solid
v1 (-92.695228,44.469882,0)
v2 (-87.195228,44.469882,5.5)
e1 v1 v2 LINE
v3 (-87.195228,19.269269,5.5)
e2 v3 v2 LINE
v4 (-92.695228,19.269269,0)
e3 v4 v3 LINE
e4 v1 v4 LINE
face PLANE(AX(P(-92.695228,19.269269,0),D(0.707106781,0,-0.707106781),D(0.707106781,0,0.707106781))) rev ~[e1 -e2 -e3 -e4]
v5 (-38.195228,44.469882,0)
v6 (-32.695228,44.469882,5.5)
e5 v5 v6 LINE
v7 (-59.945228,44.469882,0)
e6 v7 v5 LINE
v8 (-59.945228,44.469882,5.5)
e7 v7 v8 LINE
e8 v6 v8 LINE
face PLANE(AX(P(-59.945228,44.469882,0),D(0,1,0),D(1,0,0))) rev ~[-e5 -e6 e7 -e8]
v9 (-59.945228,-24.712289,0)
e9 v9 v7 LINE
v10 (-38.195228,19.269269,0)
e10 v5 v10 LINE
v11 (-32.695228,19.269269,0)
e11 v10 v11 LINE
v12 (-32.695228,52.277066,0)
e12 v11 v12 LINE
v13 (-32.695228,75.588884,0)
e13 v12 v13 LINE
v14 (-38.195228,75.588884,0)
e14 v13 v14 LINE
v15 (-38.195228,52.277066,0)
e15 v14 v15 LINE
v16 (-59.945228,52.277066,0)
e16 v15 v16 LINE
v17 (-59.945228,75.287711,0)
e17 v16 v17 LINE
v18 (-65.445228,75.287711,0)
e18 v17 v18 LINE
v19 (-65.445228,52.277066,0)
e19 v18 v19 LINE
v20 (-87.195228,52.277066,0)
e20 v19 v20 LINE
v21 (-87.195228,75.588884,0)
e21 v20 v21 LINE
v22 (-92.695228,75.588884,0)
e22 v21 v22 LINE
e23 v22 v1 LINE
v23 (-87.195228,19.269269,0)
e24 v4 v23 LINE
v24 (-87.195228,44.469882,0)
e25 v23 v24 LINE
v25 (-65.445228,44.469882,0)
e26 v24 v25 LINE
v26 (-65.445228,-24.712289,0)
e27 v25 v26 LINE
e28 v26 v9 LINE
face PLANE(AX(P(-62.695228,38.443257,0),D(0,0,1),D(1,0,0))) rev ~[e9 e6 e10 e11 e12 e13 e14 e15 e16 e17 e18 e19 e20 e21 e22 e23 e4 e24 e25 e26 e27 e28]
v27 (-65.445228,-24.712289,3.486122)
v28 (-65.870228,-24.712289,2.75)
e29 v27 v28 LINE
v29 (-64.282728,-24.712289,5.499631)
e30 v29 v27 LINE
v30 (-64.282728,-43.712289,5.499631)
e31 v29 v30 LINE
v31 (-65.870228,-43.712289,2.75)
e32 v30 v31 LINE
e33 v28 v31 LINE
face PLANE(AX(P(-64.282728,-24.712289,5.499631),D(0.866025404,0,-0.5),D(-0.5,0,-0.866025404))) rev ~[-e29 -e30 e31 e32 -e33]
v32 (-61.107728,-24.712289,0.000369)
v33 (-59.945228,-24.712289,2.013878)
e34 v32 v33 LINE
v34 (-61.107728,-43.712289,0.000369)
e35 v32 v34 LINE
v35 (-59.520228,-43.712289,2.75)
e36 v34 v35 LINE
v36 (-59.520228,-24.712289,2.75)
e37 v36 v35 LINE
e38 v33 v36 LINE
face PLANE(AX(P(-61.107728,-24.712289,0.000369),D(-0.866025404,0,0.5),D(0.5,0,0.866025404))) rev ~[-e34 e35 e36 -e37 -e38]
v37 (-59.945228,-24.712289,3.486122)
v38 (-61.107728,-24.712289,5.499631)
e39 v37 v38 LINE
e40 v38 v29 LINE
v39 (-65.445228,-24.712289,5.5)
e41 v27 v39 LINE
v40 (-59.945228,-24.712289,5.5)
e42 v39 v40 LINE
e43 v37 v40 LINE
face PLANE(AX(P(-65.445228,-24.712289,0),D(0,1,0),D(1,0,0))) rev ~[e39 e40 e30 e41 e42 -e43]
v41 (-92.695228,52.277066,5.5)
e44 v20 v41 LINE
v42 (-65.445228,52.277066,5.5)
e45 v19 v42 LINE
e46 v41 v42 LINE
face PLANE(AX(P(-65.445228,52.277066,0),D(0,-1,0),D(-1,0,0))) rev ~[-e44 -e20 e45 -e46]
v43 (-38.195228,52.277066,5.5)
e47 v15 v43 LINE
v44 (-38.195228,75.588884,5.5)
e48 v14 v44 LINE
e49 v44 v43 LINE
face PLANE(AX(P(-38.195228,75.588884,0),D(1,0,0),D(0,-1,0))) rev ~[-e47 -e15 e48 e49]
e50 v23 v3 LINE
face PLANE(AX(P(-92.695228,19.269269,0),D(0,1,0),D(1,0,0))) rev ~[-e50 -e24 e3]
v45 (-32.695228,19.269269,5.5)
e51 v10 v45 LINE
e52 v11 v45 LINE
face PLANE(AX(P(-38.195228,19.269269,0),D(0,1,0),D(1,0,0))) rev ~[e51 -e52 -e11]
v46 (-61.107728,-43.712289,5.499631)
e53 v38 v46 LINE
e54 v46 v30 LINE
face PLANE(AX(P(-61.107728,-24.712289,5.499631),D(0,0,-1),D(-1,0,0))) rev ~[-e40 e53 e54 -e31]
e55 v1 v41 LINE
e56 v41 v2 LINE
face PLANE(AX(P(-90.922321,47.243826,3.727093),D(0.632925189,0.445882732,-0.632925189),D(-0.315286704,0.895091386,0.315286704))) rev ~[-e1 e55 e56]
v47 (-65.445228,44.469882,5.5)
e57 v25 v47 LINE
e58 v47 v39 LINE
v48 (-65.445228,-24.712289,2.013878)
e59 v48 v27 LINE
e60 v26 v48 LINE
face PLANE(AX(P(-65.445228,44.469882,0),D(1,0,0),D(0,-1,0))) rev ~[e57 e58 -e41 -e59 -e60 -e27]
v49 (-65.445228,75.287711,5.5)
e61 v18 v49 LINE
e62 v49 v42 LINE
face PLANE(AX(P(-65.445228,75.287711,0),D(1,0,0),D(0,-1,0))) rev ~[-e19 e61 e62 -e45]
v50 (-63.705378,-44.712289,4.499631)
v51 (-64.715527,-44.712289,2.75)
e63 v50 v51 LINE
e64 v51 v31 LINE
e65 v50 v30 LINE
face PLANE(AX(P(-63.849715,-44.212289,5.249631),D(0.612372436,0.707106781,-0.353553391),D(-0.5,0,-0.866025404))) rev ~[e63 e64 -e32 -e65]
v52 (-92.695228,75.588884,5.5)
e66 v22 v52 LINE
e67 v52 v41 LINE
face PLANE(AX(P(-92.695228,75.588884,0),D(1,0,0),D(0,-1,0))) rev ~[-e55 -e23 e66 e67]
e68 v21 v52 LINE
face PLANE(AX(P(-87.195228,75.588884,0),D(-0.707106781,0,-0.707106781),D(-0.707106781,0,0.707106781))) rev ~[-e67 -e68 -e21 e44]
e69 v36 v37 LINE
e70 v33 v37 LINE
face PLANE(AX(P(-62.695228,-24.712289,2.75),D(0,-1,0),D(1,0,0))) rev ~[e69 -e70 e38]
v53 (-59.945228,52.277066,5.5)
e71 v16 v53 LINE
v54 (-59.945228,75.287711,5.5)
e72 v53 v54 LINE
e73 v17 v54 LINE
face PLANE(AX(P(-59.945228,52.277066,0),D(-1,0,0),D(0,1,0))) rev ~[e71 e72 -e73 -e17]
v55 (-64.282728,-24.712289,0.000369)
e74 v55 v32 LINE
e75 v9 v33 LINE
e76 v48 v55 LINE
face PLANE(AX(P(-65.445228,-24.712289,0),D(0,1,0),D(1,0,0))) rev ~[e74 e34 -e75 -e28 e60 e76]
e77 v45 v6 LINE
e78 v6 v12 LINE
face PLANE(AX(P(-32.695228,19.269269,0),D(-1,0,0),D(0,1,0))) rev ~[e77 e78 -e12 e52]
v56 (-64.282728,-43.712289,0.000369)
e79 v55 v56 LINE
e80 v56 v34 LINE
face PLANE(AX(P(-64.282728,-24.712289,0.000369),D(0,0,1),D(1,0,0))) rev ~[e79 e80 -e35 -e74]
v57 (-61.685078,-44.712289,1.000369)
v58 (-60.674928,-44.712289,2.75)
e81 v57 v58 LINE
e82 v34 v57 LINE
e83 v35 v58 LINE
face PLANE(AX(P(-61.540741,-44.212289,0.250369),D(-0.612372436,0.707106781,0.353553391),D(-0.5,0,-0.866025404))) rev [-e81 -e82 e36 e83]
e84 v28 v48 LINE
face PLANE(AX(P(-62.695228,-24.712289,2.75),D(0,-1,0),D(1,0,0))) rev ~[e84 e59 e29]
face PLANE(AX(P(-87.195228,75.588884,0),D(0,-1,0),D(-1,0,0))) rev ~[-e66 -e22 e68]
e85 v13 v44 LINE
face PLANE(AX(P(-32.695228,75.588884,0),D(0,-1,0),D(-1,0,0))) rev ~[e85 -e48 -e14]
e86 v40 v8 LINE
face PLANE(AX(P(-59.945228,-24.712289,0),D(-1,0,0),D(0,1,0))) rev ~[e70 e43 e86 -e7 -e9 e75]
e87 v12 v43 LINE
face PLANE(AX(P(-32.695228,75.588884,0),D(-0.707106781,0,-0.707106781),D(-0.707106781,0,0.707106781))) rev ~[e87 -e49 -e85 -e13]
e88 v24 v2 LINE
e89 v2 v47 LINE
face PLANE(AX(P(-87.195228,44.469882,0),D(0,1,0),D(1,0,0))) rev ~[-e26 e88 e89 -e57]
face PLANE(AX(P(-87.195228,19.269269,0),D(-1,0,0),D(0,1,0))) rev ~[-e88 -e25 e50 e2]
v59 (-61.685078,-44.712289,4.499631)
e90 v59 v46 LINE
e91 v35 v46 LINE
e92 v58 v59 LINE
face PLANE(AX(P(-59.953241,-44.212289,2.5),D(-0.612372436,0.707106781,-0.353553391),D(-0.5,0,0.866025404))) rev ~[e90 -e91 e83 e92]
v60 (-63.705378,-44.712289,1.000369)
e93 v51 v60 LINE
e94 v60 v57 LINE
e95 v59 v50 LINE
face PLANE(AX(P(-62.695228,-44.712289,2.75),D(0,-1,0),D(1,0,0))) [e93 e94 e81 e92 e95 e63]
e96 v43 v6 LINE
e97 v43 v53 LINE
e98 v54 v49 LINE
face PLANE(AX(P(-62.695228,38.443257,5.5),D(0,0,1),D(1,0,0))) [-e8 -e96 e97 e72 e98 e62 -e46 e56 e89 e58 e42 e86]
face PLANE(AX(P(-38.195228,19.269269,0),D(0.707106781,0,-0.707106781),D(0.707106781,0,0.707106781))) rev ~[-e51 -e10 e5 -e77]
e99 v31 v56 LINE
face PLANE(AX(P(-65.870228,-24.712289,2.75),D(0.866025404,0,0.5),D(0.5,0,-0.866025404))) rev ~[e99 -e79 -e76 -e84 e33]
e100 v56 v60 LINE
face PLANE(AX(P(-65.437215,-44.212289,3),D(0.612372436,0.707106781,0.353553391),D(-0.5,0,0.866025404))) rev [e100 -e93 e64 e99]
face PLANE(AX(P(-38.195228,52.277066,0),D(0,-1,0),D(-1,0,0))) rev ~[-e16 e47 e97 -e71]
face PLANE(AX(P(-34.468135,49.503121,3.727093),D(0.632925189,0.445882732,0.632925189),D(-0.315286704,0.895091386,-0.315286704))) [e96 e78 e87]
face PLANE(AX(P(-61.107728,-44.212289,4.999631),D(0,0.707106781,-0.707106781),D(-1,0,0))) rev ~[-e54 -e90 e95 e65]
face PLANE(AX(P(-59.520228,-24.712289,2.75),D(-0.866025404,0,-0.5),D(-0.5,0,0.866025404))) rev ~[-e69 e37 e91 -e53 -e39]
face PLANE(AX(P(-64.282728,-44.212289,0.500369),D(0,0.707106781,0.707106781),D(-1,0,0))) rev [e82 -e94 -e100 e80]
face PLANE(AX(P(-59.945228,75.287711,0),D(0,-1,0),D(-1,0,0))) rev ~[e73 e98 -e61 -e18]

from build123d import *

# Parameters (mm, degrees)
F2_DEPTH  = 5.5
F4_DEPTH  = 20
F5_SIZE   = 1
F7_DEPTH  = 25.2006128335
F9_DEPTH  = 23.3118180281
F12_DEPTH = 3.481088538
F15_DEPTH = 3.4810885381


with BuildPart() as f2:
    # F1 (on Top) → F2 (new body)
    with BuildSketch(Plane.XY):
        Polygon((-59.9452278197, 75.287711217), (-65.4452278197, 75.287711217), (-65.4452278197, 52.2770658135), (-87.1952278197, 52.2770658135), (-87.1952278197, 75.5888838416), (-92.6952278197, 75.5888838416), (-92.6952278197, 19.2692689693), (-87.1952278197, 19.2692689693), (-87.1952278197, 44.4698818028), (-65.4452278197, 44.4698818028), (-65.4452278197, -24.712288783), (-59.9452278197, -24.712288783), (-59.9452278197, 44.4698818028), (-38.1952278197, 44.4698818028), (-38.1952278197, 19.2692689693), (-32.6952278197, 19.2692689693), (-32.6952278197, 75.5888838416), (-38.1952278197, 75.5888838416), (-38.1952278197, 52.2770658135), (-59.9452278197, 52.2770658135), align=None)
    extrude(amount=F2_DEPTH)

    # F3 (on face) → F4 (join)
    with BuildSketch(Plane.XZ.offset(24.712288783)):
        Polygon((-64.2827278197, 0.000369343), (-61.1077278197, 0.000369343), (-59.5202278197, 2.75), (-61.1077278197, 5.499630657), (-64.2827278197, 5.499630657), (-65.8702278197, 2.75), align=None)
    extrude(amount=F4_DEPTH)

    # F5
    f5_edges = [f2.edges().sort_by_distance(p)[0] for p in [
        (-62.695228, -44.712289, 0.000369),
        (-60.313978, -44.712289, 1.375185),
        (-60.313978, -44.712289, 4.124815),
        (-62.695228, -44.712289, 5.499631),
        (-65.076478, -44.712289, 4.124815),
        (-65.076478, -44.712289, 1.375185),
    ]]
    chamfer(f5_edges, length=F5_SIZE)

    # F6 (on face) → F7 (cut, through all)
    with BuildSketch(Plane.XZ.offset(-19.2692689693)):
        Polygon((-38.1952278197, 5.5), (-38.1952278197, 0), (-32.6952278197, 5.5), align=None)
        Polygon((-92.6952278197, 5.5), (-92.6952278197, 0), (-87.1952278197, 5.5), align=None)
    extrude(amount=-F7_DEPTH, mode=Mode.SUBTRACT)

    # F8 (on face) → F9 (cut, through all)
    with BuildSketch(Plane(origin=(0, 75.5888838416, 0), x_dir=(-1, 0, 0), z_dir=(0, 1, 0))):
        Polygon((32.6952278197, 0), (38.1952278197, 5.5), (32.6952278197, 5.5), align=None)
        Polygon((87.1952278197, 0), (92.6952278197, 5.5), (87.1952278197, 5.5), align=None)
    extrude(amount=-F9_DEPTH, mode=Mode.SUBTRACT)

    # F11 (on 3pt) → F12 (cut, through all)
    with BuildSketch(Plane(origin=(1.6556105831, 1.166343485, 1.6556105831), x_dir=(-0.3152867036, 0.8950913859, -0.3152867036), z_dir=(0.6329251887, 0.4458827323, 0.6329251887))):
        Polygon((57.1011218912, 30.8971918968), (48.3789018654, 27.0081046003), (57.1011218912, 23.1190173037), align=None)
    extrude(amount=F12_DEPTH, mode=Mode.SUBTRACT)

    # F14 (on 3pt) → F15 (cut, through all)
    with BuildSketch(Plane(origin=(-24.583315709, -17.3184385322, 24.5833157086), x_dir=(-0.3152867036, 0.8950913859, 0.3152867036), z_dir=(0.6329251887, 0.4458827323, -0.6329251887))):
        Polygon((69.0301809517, -65.5454241745), (77.7524009774, -61.6563368779), (69.0301809516, -57.7672495814), align=None)
    extrude(amount=-F15_DEPTH, mode=Mode.SUBTRACT)


solid = f2.part
